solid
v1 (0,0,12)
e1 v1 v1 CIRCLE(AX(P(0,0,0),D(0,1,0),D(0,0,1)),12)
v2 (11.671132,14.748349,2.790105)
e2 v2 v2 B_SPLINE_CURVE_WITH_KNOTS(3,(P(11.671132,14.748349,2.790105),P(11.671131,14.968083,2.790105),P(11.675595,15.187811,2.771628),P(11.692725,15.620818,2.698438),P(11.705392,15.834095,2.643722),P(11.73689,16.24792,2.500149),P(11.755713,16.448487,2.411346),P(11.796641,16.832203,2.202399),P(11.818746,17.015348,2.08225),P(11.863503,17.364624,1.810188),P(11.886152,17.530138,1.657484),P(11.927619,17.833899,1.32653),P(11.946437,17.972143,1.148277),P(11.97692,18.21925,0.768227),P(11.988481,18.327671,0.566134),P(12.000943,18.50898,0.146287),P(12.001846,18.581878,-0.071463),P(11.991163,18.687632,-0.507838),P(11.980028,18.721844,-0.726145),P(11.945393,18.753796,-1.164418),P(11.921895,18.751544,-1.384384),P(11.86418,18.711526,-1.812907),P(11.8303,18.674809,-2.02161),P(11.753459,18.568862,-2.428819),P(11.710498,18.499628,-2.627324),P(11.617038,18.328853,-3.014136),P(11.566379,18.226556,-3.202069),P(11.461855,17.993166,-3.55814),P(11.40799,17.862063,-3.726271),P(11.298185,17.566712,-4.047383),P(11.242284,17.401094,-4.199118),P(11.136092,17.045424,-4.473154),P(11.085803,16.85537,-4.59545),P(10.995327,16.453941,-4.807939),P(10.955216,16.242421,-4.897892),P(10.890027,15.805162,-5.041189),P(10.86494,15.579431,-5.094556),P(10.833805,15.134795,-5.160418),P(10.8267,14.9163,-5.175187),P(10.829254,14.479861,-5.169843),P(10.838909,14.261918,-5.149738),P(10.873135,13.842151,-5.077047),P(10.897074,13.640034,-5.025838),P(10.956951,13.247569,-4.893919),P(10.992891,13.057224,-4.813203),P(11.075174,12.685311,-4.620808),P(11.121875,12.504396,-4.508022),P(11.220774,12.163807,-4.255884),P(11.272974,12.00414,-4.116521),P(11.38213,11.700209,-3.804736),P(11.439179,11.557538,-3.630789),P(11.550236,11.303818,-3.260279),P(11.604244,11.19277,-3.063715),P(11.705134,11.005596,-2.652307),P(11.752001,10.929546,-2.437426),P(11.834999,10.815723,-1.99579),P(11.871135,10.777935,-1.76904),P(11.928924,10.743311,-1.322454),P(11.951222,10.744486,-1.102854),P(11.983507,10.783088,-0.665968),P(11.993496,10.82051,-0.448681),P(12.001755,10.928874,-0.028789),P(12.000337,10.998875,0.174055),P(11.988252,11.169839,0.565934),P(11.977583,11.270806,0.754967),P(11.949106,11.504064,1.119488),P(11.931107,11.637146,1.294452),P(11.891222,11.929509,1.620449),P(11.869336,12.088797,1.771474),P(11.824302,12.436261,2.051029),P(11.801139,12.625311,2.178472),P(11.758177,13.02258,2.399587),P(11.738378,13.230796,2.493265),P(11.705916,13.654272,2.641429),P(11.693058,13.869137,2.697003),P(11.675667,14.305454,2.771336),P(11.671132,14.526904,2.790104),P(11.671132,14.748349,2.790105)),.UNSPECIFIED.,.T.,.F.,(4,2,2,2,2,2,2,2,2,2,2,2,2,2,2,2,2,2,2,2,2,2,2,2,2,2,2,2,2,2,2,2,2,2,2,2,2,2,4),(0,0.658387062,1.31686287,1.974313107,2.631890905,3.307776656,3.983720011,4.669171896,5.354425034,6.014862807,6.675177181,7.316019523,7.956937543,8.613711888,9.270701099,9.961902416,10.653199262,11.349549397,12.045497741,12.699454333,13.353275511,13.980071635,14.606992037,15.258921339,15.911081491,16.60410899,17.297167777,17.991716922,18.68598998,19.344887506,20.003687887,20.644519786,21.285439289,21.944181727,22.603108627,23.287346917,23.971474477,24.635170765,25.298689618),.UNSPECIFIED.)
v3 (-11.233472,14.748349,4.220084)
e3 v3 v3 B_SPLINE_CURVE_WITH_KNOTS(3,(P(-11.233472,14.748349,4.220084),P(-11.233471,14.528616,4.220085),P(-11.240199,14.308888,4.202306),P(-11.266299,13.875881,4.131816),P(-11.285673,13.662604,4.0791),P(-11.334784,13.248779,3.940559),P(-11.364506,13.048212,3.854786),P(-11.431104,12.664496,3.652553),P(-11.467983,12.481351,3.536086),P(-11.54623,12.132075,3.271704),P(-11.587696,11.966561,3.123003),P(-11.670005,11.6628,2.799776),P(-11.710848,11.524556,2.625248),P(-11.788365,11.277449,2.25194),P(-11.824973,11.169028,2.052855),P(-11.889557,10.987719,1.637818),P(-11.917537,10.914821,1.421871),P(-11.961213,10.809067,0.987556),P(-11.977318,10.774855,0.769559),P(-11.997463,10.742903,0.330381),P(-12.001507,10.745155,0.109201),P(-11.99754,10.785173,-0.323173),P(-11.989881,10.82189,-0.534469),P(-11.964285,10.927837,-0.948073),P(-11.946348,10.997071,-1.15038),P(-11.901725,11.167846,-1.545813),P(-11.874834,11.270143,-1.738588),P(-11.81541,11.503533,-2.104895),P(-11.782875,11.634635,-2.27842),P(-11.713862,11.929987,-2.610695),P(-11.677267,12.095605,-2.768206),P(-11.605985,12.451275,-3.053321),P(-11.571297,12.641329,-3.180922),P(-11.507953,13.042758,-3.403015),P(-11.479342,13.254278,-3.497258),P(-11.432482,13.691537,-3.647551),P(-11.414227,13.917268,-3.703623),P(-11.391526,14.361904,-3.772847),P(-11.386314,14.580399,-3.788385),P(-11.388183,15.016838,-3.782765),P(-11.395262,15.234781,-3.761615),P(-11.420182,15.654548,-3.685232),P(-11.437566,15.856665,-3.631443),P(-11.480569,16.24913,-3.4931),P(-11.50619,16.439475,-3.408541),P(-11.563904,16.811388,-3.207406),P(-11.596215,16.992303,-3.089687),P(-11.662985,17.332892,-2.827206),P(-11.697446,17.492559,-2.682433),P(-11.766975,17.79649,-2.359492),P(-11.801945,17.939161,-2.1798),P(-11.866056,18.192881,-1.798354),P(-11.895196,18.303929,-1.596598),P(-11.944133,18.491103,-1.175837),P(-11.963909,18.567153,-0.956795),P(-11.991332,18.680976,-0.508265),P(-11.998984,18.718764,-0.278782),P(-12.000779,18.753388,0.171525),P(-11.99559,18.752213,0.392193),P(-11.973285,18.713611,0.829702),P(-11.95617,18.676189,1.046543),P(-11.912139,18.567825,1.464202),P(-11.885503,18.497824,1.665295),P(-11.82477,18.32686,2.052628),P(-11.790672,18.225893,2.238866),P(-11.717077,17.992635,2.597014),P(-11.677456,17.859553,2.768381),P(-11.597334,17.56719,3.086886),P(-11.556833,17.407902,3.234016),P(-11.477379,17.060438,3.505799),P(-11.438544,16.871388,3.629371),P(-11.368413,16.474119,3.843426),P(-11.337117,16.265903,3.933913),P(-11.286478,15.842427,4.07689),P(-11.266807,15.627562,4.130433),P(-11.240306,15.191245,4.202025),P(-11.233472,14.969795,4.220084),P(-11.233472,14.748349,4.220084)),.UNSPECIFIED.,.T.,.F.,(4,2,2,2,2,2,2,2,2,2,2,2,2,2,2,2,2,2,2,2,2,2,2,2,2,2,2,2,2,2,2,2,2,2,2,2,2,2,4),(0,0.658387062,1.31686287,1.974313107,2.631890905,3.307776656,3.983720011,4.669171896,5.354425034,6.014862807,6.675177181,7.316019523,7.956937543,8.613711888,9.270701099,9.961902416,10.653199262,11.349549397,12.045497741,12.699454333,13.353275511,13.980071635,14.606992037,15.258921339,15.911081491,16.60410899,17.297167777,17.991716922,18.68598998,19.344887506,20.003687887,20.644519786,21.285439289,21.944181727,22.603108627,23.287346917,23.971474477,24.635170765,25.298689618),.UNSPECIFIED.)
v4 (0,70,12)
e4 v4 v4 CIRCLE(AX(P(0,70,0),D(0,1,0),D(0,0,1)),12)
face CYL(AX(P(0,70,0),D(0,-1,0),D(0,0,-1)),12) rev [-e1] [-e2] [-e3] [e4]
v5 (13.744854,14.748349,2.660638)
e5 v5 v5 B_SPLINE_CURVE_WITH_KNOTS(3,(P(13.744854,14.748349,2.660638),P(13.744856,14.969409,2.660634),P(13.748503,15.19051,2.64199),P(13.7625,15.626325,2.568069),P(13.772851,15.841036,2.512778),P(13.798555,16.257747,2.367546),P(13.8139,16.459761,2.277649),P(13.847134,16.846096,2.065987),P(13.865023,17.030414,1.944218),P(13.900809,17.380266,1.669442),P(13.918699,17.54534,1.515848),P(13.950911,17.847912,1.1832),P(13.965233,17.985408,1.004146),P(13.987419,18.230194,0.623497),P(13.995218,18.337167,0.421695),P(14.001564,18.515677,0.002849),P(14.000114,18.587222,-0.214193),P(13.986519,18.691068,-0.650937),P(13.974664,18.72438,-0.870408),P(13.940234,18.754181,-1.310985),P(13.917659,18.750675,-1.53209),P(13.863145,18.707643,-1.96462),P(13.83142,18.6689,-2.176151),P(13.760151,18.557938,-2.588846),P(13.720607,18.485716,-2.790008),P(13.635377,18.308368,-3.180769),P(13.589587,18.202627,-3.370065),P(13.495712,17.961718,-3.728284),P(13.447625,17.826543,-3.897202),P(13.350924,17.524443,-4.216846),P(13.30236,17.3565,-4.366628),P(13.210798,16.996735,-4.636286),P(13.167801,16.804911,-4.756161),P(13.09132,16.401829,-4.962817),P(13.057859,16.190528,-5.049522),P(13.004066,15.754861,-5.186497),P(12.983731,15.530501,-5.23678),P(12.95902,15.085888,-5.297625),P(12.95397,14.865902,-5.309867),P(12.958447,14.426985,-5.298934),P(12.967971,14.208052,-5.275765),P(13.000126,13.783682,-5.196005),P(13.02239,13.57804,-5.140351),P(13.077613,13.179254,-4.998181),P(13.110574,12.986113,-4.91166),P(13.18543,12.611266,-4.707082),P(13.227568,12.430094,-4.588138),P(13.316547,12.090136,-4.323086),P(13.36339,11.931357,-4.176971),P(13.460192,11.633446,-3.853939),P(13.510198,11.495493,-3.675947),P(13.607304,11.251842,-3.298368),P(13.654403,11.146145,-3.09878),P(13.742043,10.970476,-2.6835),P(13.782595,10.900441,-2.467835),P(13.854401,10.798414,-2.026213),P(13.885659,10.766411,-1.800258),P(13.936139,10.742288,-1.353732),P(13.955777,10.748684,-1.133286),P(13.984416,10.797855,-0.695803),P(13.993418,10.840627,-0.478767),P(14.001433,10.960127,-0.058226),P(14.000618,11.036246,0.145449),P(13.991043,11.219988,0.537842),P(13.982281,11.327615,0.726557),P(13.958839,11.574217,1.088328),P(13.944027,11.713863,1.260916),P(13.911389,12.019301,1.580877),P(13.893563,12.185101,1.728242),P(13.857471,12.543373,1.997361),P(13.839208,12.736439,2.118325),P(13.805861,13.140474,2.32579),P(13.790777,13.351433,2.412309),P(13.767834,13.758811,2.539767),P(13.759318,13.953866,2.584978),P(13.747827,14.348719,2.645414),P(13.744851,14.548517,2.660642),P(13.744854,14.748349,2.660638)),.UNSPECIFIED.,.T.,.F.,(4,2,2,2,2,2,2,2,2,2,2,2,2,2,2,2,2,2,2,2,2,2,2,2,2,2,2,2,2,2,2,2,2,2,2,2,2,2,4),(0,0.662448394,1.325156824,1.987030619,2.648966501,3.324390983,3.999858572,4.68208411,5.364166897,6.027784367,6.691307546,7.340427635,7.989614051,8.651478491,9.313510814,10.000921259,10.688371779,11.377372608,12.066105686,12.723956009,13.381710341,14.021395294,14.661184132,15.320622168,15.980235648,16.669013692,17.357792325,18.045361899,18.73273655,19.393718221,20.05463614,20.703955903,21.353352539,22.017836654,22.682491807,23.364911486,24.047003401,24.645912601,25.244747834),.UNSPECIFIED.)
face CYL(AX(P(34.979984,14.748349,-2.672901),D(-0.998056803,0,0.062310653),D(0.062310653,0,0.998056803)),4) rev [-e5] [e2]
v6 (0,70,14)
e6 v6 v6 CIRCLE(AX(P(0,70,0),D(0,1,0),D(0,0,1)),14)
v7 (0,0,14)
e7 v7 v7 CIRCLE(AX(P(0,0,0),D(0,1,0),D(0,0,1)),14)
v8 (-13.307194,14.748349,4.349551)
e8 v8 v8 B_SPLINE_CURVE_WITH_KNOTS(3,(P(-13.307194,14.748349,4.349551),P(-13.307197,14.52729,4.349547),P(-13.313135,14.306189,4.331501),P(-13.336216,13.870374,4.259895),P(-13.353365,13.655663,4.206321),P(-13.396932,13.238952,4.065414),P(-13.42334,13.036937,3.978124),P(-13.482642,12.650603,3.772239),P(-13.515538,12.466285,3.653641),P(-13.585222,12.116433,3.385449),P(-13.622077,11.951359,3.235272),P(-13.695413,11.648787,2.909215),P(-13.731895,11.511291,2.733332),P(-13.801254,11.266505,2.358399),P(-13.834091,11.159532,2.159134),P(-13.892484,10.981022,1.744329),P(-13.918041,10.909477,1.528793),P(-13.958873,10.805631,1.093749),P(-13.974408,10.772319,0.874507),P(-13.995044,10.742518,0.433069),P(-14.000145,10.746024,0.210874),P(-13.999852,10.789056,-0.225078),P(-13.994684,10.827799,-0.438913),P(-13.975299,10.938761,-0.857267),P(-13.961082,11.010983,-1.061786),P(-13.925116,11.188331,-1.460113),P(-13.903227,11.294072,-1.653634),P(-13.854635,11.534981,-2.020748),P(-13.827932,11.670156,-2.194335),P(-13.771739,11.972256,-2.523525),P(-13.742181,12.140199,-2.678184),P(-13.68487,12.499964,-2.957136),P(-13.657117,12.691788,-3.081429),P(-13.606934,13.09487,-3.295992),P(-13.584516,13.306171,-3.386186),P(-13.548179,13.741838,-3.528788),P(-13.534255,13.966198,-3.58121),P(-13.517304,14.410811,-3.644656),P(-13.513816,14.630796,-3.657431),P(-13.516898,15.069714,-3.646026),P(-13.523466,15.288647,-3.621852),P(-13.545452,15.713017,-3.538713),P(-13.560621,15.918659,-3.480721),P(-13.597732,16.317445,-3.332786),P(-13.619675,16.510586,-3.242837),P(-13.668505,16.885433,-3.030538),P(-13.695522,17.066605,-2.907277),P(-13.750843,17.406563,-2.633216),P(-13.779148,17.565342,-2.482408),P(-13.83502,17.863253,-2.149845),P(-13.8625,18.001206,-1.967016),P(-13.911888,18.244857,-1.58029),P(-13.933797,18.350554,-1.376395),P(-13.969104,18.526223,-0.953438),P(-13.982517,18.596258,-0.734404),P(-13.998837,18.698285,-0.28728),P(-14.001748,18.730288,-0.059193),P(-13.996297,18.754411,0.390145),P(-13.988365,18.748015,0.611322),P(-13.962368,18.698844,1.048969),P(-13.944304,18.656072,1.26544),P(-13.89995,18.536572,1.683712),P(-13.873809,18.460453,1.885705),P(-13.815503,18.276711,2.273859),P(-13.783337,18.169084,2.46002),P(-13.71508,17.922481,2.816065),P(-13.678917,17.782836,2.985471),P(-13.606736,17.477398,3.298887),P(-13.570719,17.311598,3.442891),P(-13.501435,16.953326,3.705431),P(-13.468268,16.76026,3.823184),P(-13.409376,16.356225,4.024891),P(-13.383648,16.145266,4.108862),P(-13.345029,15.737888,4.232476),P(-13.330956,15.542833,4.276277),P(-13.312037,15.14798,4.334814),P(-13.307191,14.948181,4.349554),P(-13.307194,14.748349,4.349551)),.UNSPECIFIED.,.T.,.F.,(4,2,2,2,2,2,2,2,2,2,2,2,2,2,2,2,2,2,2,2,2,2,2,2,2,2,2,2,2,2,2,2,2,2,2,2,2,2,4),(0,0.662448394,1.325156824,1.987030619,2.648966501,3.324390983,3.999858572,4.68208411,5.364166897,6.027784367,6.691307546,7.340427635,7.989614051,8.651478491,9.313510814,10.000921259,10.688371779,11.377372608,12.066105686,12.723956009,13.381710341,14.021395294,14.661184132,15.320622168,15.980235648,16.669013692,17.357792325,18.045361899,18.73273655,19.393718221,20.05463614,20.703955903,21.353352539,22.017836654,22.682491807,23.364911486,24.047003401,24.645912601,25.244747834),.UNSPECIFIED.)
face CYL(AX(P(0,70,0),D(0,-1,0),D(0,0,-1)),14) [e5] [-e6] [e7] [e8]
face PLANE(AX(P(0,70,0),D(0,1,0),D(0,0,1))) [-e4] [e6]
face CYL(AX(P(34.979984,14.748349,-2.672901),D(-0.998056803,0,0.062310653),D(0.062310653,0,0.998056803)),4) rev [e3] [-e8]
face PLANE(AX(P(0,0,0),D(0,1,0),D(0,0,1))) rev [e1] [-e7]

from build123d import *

# Parameters (mm, degrees)
SKETCH_1_R          = 14
SKETCH_1_R_2        = 12
EXTRUDE_1_DEPTH     = 70
SKETCH_4_R          = 4
CUT_EXTRUDE_2_DEPTH = 64


with BuildPart() as part:
    # Эскиз1 → Вытянуть1 (new body)
    with BuildSketch(Plane(origin=(0, 0, 0), x_dir=(1, 0, 0), z_dir=(0, 1, 0))):
        with Locations(Location((0, 0, 0), (0, 0, 270))):
            Circle(SKETCH_1_R)
        with Locations(Location((0, 0, 0), (0, 0, 270))):
            Circle(SKETCH_1_R_2, mode=Mode.SUBTRACT)
    extrude(amount=EXTRUDE_1_DEPTH)

    # Эскиз4 → Вырез-Вытянуть2 (cut)
    with BuildSketch(Plane(origin=(-28.865238988, 0, 1.802113758), x_dir=(0.062310653226350834, 0, 0.9980568032404296), z_dir=(-0.9980568032404296, 0, 0.062310653226350834))):
        with Locations((-0.488081216, 14.748349479)):
            Circle(SKETCH_4_R)
    extrude(amount=-CUT_EXTRUDE_2_DEPTH, mode=Mode.SUBTRACT)


solid = part.part
